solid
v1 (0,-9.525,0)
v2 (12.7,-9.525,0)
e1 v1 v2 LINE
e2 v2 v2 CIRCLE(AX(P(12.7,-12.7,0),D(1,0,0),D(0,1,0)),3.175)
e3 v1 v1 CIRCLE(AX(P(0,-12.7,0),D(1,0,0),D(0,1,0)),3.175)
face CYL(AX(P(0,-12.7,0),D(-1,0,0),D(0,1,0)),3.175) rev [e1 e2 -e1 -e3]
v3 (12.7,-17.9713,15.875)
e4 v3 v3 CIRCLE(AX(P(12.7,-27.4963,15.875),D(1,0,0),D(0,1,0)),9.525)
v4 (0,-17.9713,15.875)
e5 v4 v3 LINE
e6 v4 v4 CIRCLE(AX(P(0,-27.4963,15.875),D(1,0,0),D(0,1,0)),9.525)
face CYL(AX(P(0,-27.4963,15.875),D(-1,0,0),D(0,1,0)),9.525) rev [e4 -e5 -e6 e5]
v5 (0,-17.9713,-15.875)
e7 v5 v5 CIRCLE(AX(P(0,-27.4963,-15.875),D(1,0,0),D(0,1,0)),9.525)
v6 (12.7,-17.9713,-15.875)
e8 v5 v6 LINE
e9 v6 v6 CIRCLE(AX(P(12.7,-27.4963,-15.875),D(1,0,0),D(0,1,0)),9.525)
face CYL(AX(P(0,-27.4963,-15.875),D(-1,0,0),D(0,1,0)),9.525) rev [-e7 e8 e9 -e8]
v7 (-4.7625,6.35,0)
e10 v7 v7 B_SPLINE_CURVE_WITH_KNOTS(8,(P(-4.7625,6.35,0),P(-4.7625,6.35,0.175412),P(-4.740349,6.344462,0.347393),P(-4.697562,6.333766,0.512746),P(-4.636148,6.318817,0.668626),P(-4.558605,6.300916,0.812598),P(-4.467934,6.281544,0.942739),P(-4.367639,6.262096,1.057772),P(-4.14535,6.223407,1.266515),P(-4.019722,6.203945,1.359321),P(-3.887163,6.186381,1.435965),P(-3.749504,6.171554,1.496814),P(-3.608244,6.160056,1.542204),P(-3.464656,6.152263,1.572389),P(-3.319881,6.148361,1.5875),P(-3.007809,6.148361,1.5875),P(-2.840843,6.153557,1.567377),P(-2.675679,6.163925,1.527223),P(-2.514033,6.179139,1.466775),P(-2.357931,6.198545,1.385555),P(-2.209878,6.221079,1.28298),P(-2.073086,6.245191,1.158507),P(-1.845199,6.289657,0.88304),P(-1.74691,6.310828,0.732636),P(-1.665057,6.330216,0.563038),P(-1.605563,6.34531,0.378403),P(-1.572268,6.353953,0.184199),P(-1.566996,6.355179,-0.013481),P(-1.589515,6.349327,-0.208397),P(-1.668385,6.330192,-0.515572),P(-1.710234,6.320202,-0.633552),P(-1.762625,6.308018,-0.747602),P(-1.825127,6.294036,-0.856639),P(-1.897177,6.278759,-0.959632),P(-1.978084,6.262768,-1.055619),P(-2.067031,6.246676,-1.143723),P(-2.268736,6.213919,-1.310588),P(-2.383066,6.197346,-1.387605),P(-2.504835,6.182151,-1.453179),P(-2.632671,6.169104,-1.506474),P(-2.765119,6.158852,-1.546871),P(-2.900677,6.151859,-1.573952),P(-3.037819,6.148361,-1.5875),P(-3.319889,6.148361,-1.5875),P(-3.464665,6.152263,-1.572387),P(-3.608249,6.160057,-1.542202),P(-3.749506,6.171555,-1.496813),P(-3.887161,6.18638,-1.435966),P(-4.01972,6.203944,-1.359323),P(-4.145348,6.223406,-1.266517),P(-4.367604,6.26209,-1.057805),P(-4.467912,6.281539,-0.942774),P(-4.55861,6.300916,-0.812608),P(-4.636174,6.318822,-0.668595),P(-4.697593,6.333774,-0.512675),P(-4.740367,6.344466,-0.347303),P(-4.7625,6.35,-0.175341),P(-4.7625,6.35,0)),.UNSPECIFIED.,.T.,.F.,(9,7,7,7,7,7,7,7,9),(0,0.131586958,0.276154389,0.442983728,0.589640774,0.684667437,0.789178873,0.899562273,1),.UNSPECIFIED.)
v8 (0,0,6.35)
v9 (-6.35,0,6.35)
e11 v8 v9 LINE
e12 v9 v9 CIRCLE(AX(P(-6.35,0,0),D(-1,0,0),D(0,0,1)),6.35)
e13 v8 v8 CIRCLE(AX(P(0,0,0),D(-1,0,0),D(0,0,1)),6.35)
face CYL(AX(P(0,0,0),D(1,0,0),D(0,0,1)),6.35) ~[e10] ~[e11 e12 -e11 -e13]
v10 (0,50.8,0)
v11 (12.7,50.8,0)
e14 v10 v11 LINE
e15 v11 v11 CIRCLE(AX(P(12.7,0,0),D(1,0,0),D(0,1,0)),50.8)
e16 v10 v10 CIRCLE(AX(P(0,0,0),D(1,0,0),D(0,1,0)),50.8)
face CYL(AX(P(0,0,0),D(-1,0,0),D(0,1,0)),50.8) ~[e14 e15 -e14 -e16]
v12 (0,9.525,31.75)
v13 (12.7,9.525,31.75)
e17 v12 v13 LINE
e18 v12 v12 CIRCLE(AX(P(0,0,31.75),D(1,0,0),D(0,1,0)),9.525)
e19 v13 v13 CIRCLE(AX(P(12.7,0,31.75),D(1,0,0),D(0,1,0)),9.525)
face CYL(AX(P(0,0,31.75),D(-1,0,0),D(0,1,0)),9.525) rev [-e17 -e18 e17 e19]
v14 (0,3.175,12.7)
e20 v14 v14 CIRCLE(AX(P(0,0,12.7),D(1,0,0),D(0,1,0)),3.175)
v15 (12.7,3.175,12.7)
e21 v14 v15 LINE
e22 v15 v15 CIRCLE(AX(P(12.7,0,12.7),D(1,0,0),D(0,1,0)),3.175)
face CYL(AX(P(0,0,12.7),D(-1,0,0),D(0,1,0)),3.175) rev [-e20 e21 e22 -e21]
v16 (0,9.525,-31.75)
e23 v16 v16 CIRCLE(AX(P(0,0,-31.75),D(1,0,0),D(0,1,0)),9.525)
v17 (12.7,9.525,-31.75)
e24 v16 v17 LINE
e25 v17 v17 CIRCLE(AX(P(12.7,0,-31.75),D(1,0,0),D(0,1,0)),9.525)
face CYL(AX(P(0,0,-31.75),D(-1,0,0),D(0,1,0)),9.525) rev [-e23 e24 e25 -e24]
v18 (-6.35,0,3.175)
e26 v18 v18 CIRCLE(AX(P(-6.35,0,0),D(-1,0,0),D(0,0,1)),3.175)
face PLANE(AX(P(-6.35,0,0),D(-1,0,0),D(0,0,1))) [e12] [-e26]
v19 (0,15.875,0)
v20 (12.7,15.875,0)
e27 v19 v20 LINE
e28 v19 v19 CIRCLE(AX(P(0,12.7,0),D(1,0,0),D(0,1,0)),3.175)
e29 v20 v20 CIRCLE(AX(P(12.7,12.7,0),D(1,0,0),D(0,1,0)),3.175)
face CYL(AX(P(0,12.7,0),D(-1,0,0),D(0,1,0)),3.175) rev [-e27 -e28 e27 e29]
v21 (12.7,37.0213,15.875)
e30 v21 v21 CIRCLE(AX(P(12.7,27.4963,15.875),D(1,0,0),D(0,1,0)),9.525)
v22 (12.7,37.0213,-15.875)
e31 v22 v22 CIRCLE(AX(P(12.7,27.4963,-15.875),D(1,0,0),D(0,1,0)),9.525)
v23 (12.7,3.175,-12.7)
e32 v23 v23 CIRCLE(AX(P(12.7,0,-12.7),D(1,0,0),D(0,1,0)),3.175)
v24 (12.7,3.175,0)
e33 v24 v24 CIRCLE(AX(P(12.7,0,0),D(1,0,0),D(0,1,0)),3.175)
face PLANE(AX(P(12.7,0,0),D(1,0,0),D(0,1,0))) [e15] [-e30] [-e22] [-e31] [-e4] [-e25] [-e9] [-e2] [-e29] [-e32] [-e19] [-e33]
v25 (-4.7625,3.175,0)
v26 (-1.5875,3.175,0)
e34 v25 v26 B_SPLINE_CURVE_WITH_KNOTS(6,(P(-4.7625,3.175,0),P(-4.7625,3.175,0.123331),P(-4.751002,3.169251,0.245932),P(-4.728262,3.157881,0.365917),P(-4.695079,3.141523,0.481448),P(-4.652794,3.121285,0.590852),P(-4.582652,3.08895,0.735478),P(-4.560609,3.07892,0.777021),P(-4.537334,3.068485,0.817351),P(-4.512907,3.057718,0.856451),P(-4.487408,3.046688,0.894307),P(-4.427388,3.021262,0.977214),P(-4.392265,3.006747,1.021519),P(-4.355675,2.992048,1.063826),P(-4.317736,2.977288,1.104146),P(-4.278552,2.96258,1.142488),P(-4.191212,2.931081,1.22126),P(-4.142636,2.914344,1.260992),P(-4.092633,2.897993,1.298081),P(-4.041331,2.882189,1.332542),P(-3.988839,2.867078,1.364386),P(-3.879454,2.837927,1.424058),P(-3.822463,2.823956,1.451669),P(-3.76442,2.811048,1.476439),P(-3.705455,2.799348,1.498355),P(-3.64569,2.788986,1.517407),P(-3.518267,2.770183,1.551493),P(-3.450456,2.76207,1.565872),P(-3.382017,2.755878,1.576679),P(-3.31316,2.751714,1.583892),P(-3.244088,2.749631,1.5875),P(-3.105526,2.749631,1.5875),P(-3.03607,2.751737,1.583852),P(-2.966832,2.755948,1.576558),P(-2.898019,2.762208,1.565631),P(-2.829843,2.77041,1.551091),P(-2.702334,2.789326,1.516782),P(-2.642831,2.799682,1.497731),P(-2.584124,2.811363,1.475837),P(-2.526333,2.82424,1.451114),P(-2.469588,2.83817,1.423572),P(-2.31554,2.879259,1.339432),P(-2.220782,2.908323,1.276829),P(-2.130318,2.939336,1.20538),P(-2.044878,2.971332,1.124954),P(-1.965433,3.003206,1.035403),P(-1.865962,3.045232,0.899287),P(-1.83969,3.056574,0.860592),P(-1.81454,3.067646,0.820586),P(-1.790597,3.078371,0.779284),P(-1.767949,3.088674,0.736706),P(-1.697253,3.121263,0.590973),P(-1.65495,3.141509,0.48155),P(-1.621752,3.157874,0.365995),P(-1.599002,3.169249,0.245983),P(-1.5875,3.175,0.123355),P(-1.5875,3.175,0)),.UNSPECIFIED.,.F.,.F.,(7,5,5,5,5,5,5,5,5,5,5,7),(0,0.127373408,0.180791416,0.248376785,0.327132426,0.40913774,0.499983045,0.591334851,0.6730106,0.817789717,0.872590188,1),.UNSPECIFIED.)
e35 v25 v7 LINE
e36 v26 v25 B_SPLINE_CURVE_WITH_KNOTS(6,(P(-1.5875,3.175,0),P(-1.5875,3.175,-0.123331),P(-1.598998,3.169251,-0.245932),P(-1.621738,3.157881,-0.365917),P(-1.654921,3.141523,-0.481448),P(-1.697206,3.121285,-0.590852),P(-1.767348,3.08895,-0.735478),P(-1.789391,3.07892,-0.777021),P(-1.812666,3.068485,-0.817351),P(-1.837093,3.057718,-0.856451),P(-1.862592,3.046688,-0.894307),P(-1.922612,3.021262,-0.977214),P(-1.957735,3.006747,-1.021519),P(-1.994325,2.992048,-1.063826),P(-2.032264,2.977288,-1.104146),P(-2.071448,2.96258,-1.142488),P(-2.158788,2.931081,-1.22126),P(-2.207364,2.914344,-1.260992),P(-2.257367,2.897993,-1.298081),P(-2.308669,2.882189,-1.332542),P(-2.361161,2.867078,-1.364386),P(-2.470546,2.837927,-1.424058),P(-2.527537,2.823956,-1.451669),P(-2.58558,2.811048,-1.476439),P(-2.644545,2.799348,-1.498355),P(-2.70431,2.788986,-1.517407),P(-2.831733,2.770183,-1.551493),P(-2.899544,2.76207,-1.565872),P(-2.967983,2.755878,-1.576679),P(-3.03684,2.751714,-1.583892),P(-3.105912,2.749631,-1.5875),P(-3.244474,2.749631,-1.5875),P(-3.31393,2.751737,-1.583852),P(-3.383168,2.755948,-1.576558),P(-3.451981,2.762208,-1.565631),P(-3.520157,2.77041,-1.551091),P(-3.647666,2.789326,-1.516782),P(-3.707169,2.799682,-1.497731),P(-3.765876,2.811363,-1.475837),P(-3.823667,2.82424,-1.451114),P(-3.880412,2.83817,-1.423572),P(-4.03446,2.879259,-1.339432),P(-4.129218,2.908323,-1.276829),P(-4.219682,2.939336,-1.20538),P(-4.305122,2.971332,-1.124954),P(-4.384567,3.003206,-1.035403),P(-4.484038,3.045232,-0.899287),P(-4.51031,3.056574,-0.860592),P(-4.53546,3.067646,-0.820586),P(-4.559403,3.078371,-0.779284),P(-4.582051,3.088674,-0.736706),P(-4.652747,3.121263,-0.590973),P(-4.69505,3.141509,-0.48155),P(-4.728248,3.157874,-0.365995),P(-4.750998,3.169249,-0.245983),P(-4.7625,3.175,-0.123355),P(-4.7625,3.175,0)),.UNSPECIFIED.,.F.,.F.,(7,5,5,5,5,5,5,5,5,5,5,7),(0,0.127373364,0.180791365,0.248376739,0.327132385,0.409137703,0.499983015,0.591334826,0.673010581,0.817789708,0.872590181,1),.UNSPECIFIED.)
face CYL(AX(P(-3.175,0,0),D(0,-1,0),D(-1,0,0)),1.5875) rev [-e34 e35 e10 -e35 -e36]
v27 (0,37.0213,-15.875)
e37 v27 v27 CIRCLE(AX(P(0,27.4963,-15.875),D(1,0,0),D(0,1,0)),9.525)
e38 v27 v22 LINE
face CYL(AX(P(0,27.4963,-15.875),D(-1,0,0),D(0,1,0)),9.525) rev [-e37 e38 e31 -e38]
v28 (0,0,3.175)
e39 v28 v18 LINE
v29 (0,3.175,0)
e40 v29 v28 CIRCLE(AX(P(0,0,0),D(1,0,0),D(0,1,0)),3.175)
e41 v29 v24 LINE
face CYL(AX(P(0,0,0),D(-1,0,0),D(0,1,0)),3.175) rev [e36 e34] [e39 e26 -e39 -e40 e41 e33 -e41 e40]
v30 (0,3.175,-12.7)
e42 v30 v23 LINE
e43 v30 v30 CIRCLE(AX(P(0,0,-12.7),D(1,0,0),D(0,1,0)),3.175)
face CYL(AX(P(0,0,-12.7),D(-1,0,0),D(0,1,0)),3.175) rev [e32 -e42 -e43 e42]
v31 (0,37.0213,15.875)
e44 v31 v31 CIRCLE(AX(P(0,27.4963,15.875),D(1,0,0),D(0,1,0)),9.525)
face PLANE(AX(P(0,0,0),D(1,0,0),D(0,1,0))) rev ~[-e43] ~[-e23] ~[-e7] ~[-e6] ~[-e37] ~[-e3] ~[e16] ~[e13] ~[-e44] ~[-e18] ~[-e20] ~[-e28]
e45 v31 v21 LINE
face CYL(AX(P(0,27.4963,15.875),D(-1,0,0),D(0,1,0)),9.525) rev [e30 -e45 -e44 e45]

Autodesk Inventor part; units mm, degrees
ref_plane "YZ Plane" through (0, 0, 0) normal (1, 0, 0) x (0, 1, 0)
ref_plane "XZ Plane" through (0, 0, 0) normal (0, 1, 0) x (-1, 0, 0)
ref_plane "XY Plane" through (0, 0, 0) normal (0, 0, 1) x (1, 0, 0)
sketch "Sketch1" plane through (0, 0, 0) normal (1, 0, 0) x (0, 1, 0)
  circle A0 centre (0, 0) radius 50.8
  circle A1 centre (0, 0) radius 3.175
  circle A2 centre (0, -31.75) radius 9.525
  line L0 (0, 0) -> (0, -74.7092) construction
  circle A3 centre (27.4963, -15.875) radius 9.525
  circle A4 centre (27.4963, 15.875) radius 9.525
  circle A5 centre (0, 31.75) radius 9.525
  circle A6 centre (-27.4963, 15.875) radius 9.525
  circle A7 centre (-27.4963, -15.875) radius 9.525
  circle A8 centre (0, -12.7) radius 3.175
  circle A9 centre (12.7, 0) radius 3.175
  circle A10 centre (0, 12.7) radius 3.175
  circle A11 centre (-12.7, 0) radius 3.175
  dimension "d0" = 101.6
  dimension "d1" = 6.35
  dimension "d2" = 19.05
  dimension "d3" = 31.75
  dimension "d6" = 360
  dimension "d16" = 6.35
  dimension "d17" = 12.7
  dimension "d24" = 360
extrude "Extrusion3" add sketch "Sketch1" along normal blind 12.7
sketch "Sketch4" plane through (0, 0, 0) normal (-1, 0, 0) x (0, 0, 1)
  circle A0 centre (0, 0) radius 6.35
  circle A1 centre (0, 0) radius 3.175
  dimension "d28" = 12.7
  dimension "d31" = 6.35
extrude "Extrusion5" add sketch "Sketch4" along normal blind 6.35
sketch "Sketch5" plane through (0, 0, 0) normal (0, 1, 0) x (-1, 0, 0)
  circle A0 centre (3.175, 0) radius 1.5875
  line L0 (0, 0) -> (21.9133, 0) construction
  line L1 (6.35, -6.35) -> (6.35, 6.35) construction
  dimension "d34" = 3.175
  dimension "d35" = 3.175
extrude "Extrusion6" cut sketch "Sketch5" along normal through all
properties part number "ShoulderGearYZ"
